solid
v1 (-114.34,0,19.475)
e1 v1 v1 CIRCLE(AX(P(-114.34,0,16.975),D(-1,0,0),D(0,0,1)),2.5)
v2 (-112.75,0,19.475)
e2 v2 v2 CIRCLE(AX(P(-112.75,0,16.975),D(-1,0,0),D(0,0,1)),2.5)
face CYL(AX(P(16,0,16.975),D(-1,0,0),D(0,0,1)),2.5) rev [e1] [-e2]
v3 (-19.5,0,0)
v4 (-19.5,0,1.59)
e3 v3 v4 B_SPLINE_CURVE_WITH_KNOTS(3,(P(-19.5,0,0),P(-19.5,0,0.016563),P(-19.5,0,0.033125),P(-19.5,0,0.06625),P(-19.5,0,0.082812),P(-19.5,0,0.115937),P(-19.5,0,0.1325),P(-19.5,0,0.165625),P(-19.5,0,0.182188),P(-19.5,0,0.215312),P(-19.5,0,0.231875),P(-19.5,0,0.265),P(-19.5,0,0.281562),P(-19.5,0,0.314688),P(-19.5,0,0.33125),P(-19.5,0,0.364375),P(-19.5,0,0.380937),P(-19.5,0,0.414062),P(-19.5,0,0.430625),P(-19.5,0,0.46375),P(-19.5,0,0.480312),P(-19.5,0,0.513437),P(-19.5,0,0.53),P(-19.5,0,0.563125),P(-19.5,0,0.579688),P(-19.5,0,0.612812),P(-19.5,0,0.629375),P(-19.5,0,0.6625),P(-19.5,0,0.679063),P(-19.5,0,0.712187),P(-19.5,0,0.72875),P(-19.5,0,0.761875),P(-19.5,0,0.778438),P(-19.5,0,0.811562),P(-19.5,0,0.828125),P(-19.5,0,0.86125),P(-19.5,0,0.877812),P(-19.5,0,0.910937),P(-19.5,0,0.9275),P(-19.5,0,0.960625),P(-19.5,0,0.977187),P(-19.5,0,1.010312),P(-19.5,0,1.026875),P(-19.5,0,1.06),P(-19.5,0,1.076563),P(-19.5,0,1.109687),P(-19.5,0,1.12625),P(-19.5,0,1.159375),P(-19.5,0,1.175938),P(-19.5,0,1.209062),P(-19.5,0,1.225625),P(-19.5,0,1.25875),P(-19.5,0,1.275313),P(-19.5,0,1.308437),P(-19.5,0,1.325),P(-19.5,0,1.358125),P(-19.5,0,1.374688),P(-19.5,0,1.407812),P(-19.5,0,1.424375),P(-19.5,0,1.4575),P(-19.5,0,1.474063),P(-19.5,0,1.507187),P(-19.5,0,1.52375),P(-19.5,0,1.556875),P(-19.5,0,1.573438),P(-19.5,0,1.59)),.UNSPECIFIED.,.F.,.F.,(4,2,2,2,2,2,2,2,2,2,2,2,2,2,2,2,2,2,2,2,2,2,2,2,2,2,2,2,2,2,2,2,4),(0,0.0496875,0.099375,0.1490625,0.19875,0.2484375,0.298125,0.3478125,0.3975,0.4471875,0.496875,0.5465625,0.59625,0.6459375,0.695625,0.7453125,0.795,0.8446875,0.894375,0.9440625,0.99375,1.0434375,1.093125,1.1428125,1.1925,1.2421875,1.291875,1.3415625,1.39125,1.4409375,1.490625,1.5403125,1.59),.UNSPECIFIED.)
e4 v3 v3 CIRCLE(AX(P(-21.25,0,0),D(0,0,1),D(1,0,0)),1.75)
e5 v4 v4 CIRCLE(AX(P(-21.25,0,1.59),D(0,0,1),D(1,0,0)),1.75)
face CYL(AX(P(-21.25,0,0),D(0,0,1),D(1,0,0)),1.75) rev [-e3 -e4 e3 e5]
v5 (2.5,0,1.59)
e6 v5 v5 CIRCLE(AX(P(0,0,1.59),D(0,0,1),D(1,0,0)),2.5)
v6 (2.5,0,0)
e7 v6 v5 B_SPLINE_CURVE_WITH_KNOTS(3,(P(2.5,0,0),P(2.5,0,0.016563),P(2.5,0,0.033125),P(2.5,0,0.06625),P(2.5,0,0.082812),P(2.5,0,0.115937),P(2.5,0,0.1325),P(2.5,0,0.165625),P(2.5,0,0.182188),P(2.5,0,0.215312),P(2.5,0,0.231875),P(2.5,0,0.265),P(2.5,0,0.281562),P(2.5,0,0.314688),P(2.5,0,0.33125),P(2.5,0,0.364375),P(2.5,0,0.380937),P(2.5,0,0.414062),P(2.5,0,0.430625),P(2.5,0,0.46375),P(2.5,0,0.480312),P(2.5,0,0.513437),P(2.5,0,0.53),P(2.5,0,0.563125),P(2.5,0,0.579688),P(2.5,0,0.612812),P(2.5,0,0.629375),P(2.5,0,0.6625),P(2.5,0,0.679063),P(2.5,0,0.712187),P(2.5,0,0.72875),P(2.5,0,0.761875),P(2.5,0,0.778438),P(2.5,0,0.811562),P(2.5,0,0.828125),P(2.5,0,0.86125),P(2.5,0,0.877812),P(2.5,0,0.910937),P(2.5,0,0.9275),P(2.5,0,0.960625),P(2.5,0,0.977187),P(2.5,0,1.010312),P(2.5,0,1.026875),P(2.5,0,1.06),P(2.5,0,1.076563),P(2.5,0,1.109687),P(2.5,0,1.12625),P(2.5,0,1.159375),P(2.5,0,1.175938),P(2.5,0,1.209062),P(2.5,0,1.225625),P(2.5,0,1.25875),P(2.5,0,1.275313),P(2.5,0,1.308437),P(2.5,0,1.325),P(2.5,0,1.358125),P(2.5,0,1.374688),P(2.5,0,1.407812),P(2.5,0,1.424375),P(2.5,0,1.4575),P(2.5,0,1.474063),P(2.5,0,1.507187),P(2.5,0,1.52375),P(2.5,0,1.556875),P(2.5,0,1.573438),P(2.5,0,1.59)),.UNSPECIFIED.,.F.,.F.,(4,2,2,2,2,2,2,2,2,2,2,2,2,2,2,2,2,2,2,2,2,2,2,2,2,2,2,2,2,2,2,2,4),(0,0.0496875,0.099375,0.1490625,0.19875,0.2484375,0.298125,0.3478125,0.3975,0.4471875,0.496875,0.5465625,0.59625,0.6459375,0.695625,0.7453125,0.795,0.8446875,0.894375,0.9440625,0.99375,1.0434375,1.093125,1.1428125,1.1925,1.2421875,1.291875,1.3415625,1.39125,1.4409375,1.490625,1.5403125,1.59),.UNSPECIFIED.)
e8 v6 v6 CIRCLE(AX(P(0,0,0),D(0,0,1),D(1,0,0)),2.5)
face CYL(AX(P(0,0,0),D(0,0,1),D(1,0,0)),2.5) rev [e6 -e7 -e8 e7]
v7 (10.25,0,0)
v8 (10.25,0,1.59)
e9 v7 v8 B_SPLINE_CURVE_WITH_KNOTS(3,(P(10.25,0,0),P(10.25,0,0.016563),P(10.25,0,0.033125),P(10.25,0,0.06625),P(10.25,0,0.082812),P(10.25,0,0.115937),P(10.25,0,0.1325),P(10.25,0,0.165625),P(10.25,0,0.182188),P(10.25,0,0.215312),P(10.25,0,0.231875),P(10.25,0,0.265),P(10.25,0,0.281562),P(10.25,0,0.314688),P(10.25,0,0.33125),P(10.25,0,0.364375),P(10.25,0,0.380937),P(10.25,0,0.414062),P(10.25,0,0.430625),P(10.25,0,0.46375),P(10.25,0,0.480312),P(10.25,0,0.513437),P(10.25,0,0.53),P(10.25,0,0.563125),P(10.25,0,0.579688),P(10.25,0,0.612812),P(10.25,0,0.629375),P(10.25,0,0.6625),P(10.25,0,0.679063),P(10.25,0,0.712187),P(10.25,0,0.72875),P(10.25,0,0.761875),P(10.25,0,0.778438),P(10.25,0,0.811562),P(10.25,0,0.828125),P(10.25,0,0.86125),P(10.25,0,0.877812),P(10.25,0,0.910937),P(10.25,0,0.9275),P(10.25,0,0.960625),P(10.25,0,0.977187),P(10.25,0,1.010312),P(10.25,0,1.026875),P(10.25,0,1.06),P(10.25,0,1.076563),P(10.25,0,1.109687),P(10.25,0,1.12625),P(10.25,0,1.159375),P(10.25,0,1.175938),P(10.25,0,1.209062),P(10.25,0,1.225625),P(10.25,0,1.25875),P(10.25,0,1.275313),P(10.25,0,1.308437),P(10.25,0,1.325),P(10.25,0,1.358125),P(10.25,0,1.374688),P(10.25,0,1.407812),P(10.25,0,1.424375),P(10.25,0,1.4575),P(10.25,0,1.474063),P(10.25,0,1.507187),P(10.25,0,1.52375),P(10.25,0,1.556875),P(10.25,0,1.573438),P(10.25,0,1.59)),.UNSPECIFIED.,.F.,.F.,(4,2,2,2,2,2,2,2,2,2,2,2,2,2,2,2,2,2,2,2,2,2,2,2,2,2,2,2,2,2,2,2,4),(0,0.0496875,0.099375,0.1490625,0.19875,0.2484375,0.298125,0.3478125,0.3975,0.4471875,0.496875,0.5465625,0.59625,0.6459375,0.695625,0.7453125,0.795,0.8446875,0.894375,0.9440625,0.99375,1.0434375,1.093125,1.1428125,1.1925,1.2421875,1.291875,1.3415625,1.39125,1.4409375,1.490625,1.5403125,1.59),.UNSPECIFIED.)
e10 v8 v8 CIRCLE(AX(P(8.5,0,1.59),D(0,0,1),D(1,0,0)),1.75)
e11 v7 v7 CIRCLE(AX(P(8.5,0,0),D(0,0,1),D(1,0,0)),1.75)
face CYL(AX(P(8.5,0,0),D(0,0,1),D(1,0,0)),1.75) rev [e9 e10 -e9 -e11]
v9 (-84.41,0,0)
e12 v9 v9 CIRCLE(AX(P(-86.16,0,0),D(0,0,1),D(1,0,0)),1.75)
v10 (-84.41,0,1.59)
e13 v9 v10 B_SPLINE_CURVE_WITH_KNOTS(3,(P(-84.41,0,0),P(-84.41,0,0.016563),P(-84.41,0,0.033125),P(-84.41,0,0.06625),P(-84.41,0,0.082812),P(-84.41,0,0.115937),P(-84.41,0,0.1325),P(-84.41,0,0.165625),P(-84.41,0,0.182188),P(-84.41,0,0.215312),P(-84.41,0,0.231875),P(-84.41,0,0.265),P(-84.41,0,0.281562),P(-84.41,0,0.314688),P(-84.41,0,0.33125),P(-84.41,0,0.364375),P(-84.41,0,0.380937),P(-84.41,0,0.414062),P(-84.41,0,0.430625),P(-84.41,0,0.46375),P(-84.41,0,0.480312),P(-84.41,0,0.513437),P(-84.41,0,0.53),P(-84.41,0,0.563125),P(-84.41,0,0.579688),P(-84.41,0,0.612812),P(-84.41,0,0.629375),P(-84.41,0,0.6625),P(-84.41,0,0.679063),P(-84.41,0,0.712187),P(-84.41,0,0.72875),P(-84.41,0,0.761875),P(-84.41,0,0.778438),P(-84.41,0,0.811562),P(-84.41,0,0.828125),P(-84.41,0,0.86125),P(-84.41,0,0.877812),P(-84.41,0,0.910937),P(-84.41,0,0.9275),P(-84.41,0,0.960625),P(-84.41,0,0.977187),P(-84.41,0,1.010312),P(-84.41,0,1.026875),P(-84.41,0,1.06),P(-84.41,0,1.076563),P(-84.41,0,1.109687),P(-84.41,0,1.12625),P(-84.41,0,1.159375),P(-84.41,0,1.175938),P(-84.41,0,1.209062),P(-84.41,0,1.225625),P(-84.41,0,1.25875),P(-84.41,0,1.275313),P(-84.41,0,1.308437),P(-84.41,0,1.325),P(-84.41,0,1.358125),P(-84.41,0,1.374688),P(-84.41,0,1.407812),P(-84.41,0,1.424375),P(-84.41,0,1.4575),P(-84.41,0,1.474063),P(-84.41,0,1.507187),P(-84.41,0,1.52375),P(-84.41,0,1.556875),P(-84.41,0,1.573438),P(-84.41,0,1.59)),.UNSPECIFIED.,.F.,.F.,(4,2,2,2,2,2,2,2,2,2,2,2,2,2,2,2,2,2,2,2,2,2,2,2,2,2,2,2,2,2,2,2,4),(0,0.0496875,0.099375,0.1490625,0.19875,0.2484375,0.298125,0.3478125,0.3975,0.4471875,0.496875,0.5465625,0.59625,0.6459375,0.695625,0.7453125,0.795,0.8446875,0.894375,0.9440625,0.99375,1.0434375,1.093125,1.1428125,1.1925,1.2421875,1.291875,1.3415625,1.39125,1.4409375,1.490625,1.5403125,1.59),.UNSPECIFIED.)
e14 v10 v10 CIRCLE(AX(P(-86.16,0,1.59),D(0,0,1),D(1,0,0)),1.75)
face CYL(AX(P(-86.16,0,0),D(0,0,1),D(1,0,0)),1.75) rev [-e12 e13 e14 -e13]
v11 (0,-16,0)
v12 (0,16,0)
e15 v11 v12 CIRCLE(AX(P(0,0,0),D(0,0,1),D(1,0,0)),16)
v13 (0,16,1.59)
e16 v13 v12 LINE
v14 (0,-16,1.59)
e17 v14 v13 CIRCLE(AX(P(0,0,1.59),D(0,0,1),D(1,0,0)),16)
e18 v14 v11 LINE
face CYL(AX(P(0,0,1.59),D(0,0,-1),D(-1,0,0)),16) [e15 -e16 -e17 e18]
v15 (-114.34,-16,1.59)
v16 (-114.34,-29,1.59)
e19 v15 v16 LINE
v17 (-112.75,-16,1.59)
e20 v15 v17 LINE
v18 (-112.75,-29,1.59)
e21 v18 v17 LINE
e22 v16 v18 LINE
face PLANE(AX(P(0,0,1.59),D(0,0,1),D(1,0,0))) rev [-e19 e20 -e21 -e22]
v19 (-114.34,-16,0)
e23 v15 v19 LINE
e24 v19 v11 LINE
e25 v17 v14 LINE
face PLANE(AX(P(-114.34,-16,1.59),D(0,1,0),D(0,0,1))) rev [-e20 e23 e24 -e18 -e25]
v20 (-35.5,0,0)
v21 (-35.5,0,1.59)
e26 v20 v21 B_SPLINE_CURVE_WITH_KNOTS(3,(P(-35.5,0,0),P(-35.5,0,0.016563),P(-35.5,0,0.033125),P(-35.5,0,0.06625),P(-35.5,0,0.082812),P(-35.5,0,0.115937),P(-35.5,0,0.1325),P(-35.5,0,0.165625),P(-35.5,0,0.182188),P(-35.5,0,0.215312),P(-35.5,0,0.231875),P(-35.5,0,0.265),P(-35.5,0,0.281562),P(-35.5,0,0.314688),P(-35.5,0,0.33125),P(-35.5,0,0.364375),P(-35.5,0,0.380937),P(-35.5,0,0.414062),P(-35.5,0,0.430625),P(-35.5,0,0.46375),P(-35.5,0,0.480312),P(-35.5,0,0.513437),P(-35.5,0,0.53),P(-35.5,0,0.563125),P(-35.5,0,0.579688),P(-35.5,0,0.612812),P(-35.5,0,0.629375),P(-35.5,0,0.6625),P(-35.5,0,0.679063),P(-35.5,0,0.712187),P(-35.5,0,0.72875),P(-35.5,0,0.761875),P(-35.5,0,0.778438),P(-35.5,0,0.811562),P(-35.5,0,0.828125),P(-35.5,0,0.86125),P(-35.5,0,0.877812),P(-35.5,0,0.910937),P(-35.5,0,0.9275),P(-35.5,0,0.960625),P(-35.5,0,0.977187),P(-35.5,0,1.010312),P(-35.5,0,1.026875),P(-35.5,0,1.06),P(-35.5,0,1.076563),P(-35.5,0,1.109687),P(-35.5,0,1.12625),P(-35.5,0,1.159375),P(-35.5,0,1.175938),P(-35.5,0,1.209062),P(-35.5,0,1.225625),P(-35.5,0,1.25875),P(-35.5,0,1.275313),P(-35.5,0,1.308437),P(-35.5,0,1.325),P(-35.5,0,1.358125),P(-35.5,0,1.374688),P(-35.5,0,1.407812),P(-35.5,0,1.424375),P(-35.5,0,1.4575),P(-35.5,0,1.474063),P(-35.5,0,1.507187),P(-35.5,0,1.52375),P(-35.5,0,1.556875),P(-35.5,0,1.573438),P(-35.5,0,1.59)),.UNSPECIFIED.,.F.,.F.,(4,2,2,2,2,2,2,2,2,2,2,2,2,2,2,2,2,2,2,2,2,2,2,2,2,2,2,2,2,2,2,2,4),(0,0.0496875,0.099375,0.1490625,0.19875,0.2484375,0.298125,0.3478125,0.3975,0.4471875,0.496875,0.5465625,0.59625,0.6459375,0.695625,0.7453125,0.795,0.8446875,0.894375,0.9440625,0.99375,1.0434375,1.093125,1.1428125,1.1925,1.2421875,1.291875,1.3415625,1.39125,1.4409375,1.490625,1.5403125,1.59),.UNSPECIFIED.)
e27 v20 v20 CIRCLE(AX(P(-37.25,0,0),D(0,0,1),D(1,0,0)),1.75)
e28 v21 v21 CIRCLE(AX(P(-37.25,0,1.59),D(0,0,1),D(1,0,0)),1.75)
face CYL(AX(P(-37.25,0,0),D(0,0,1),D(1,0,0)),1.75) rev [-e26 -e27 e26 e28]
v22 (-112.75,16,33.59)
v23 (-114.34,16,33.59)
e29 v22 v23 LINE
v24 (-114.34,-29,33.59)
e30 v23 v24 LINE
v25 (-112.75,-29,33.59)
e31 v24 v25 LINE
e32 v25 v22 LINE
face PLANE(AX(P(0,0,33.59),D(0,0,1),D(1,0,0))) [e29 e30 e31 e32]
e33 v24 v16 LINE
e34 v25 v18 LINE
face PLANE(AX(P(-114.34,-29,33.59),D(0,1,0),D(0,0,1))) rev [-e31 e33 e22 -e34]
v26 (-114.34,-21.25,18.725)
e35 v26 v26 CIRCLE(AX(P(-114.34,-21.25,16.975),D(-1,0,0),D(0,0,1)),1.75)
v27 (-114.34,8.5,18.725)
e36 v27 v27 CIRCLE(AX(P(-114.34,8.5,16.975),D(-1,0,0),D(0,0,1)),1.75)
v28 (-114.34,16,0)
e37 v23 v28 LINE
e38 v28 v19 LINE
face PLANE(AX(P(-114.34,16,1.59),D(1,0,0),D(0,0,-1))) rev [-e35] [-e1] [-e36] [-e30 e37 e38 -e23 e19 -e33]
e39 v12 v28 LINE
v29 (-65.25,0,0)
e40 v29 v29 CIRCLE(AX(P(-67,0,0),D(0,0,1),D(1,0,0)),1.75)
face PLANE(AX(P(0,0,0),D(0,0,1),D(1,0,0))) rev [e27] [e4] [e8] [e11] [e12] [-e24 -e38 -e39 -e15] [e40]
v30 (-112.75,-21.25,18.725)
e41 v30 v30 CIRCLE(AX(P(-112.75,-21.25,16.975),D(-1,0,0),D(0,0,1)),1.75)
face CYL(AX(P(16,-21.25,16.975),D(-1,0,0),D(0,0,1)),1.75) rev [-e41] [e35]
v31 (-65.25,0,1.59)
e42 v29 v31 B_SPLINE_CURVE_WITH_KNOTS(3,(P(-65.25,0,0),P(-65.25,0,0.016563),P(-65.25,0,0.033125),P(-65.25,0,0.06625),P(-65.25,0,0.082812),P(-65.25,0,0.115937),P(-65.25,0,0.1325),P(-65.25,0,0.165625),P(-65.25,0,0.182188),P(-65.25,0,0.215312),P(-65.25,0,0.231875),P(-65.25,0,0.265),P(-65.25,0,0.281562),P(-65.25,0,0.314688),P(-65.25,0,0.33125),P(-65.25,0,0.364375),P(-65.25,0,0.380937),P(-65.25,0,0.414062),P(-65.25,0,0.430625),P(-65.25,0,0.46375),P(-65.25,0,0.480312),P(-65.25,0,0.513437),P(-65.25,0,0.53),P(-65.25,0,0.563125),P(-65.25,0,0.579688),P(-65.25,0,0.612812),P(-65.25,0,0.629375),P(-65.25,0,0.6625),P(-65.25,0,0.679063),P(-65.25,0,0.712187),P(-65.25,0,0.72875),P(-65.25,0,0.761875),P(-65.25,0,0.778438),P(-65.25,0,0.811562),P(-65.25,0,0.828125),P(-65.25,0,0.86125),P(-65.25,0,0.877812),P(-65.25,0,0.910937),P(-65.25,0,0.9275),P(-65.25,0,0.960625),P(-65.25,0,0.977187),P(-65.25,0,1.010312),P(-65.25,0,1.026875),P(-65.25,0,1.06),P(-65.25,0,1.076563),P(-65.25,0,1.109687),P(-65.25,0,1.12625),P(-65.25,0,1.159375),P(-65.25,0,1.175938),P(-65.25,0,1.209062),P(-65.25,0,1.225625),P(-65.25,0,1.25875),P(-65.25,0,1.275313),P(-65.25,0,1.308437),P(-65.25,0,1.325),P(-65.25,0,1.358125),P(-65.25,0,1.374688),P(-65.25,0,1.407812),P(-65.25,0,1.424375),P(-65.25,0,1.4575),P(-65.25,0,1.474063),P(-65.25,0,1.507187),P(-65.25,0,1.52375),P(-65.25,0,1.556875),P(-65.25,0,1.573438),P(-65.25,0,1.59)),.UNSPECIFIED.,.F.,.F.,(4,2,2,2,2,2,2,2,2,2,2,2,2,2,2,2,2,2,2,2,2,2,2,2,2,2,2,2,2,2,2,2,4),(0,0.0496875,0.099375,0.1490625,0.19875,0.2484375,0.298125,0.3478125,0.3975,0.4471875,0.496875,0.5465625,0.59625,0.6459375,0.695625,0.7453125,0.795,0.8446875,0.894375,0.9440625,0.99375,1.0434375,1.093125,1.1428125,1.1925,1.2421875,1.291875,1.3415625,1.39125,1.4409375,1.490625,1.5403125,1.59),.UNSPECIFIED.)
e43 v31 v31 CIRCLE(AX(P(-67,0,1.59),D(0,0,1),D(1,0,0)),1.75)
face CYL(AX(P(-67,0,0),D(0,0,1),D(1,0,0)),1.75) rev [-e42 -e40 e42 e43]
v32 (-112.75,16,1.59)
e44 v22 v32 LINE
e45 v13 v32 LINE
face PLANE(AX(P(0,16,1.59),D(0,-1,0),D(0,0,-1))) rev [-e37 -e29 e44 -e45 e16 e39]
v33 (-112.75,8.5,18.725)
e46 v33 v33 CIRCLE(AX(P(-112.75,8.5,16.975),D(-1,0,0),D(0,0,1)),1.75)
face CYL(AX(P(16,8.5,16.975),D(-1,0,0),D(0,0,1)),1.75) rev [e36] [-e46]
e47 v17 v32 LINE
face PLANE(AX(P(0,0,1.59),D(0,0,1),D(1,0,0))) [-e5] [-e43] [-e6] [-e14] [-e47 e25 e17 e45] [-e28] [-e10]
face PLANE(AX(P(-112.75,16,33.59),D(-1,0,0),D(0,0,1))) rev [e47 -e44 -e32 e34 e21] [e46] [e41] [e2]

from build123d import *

# Parameters (mm, degrees)
BOSS_EXTRUDE1_DEPTH = 1.59
SKETCH2_W           = 1.59
SKETCH2_H           = 45
BOSS_EXTRUDE2_DEPTH = 32
SKETCH3_R           = 2.5
SKETCH3_R_2         = 1.75
CUT_EXTRUDE1_DEPTH  = 123.223711284
SKETCH4_R           = 2.5
SKETCH4_R_2         = 1.75
CUT_EXTRUDE2_DEPTH  = 138.687340377


with BuildPart() as part:
    # Sketch1 → Boss-Extrude1 (new body)
    with BuildSketch(Plane.XY):
        with BuildLine():
            Line((0, 16), (-114.34, 16))
            Line((-114.34, 16), (-114.34, -16))
            Line((-114.34, -16), (0, -16))
            ThreePointArc((0, -16), (16, 0), (0, 16))
        make_face()
    extrude(amount=BOSS_EXTRUDE1_DEPTH)

    # Sketch2 → Boss-Extrude2 (add)
    with BuildSketch(Plane.XY.offset(1.59)):
        with Locations((-113.545, -6.5)):
            Rectangle(SKETCH2_W, SKETCH2_H)
    extrude(amount=BOSS_EXTRUDE2_DEPTH)

    # Sketch3 → Cut-Extrude1 (cut, through all)
    with BuildSketch(Plane.XY.offset(1.59)):
        Circle(SKETCH3_R)
        with Locations((8.5, 0)):
            Circle(SKETCH3_R_2)
        with Locations((-21.25, 0)):
            Circle(SKETCH3_R_2)
        with Locations((-37.25, 0)):
            Circle(SKETCH3_R_2)
        with Locations((-67, 0)):
            Circle(SKETCH3_R_2)
        with Locations((-86.16, 0)):
            Circle(SKETCH3_R_2)
    extrude(amount=-CUT_EXTRUDE1_DEPTH, mode=Mode.SUBTRACT)

    # Sketch4 → Cut-Extrude2 (cut, through all)
    with BuildSketch(Plane.ZY.offset(114.34)):
        with Locations((16.975, 0)):
            Circle(SKETCH4_R)
        with Locations((16.975, 8.5)):
            Circle(SKETCH4_R_2)
        with Locations((16.975, -21.25)):
            Circle(SKETCH4_R_2)
    extrude(amount=-CUT_EXTRUDE2_DEPTH, mode=Mode.SUBTRACT)


solid = part.part
